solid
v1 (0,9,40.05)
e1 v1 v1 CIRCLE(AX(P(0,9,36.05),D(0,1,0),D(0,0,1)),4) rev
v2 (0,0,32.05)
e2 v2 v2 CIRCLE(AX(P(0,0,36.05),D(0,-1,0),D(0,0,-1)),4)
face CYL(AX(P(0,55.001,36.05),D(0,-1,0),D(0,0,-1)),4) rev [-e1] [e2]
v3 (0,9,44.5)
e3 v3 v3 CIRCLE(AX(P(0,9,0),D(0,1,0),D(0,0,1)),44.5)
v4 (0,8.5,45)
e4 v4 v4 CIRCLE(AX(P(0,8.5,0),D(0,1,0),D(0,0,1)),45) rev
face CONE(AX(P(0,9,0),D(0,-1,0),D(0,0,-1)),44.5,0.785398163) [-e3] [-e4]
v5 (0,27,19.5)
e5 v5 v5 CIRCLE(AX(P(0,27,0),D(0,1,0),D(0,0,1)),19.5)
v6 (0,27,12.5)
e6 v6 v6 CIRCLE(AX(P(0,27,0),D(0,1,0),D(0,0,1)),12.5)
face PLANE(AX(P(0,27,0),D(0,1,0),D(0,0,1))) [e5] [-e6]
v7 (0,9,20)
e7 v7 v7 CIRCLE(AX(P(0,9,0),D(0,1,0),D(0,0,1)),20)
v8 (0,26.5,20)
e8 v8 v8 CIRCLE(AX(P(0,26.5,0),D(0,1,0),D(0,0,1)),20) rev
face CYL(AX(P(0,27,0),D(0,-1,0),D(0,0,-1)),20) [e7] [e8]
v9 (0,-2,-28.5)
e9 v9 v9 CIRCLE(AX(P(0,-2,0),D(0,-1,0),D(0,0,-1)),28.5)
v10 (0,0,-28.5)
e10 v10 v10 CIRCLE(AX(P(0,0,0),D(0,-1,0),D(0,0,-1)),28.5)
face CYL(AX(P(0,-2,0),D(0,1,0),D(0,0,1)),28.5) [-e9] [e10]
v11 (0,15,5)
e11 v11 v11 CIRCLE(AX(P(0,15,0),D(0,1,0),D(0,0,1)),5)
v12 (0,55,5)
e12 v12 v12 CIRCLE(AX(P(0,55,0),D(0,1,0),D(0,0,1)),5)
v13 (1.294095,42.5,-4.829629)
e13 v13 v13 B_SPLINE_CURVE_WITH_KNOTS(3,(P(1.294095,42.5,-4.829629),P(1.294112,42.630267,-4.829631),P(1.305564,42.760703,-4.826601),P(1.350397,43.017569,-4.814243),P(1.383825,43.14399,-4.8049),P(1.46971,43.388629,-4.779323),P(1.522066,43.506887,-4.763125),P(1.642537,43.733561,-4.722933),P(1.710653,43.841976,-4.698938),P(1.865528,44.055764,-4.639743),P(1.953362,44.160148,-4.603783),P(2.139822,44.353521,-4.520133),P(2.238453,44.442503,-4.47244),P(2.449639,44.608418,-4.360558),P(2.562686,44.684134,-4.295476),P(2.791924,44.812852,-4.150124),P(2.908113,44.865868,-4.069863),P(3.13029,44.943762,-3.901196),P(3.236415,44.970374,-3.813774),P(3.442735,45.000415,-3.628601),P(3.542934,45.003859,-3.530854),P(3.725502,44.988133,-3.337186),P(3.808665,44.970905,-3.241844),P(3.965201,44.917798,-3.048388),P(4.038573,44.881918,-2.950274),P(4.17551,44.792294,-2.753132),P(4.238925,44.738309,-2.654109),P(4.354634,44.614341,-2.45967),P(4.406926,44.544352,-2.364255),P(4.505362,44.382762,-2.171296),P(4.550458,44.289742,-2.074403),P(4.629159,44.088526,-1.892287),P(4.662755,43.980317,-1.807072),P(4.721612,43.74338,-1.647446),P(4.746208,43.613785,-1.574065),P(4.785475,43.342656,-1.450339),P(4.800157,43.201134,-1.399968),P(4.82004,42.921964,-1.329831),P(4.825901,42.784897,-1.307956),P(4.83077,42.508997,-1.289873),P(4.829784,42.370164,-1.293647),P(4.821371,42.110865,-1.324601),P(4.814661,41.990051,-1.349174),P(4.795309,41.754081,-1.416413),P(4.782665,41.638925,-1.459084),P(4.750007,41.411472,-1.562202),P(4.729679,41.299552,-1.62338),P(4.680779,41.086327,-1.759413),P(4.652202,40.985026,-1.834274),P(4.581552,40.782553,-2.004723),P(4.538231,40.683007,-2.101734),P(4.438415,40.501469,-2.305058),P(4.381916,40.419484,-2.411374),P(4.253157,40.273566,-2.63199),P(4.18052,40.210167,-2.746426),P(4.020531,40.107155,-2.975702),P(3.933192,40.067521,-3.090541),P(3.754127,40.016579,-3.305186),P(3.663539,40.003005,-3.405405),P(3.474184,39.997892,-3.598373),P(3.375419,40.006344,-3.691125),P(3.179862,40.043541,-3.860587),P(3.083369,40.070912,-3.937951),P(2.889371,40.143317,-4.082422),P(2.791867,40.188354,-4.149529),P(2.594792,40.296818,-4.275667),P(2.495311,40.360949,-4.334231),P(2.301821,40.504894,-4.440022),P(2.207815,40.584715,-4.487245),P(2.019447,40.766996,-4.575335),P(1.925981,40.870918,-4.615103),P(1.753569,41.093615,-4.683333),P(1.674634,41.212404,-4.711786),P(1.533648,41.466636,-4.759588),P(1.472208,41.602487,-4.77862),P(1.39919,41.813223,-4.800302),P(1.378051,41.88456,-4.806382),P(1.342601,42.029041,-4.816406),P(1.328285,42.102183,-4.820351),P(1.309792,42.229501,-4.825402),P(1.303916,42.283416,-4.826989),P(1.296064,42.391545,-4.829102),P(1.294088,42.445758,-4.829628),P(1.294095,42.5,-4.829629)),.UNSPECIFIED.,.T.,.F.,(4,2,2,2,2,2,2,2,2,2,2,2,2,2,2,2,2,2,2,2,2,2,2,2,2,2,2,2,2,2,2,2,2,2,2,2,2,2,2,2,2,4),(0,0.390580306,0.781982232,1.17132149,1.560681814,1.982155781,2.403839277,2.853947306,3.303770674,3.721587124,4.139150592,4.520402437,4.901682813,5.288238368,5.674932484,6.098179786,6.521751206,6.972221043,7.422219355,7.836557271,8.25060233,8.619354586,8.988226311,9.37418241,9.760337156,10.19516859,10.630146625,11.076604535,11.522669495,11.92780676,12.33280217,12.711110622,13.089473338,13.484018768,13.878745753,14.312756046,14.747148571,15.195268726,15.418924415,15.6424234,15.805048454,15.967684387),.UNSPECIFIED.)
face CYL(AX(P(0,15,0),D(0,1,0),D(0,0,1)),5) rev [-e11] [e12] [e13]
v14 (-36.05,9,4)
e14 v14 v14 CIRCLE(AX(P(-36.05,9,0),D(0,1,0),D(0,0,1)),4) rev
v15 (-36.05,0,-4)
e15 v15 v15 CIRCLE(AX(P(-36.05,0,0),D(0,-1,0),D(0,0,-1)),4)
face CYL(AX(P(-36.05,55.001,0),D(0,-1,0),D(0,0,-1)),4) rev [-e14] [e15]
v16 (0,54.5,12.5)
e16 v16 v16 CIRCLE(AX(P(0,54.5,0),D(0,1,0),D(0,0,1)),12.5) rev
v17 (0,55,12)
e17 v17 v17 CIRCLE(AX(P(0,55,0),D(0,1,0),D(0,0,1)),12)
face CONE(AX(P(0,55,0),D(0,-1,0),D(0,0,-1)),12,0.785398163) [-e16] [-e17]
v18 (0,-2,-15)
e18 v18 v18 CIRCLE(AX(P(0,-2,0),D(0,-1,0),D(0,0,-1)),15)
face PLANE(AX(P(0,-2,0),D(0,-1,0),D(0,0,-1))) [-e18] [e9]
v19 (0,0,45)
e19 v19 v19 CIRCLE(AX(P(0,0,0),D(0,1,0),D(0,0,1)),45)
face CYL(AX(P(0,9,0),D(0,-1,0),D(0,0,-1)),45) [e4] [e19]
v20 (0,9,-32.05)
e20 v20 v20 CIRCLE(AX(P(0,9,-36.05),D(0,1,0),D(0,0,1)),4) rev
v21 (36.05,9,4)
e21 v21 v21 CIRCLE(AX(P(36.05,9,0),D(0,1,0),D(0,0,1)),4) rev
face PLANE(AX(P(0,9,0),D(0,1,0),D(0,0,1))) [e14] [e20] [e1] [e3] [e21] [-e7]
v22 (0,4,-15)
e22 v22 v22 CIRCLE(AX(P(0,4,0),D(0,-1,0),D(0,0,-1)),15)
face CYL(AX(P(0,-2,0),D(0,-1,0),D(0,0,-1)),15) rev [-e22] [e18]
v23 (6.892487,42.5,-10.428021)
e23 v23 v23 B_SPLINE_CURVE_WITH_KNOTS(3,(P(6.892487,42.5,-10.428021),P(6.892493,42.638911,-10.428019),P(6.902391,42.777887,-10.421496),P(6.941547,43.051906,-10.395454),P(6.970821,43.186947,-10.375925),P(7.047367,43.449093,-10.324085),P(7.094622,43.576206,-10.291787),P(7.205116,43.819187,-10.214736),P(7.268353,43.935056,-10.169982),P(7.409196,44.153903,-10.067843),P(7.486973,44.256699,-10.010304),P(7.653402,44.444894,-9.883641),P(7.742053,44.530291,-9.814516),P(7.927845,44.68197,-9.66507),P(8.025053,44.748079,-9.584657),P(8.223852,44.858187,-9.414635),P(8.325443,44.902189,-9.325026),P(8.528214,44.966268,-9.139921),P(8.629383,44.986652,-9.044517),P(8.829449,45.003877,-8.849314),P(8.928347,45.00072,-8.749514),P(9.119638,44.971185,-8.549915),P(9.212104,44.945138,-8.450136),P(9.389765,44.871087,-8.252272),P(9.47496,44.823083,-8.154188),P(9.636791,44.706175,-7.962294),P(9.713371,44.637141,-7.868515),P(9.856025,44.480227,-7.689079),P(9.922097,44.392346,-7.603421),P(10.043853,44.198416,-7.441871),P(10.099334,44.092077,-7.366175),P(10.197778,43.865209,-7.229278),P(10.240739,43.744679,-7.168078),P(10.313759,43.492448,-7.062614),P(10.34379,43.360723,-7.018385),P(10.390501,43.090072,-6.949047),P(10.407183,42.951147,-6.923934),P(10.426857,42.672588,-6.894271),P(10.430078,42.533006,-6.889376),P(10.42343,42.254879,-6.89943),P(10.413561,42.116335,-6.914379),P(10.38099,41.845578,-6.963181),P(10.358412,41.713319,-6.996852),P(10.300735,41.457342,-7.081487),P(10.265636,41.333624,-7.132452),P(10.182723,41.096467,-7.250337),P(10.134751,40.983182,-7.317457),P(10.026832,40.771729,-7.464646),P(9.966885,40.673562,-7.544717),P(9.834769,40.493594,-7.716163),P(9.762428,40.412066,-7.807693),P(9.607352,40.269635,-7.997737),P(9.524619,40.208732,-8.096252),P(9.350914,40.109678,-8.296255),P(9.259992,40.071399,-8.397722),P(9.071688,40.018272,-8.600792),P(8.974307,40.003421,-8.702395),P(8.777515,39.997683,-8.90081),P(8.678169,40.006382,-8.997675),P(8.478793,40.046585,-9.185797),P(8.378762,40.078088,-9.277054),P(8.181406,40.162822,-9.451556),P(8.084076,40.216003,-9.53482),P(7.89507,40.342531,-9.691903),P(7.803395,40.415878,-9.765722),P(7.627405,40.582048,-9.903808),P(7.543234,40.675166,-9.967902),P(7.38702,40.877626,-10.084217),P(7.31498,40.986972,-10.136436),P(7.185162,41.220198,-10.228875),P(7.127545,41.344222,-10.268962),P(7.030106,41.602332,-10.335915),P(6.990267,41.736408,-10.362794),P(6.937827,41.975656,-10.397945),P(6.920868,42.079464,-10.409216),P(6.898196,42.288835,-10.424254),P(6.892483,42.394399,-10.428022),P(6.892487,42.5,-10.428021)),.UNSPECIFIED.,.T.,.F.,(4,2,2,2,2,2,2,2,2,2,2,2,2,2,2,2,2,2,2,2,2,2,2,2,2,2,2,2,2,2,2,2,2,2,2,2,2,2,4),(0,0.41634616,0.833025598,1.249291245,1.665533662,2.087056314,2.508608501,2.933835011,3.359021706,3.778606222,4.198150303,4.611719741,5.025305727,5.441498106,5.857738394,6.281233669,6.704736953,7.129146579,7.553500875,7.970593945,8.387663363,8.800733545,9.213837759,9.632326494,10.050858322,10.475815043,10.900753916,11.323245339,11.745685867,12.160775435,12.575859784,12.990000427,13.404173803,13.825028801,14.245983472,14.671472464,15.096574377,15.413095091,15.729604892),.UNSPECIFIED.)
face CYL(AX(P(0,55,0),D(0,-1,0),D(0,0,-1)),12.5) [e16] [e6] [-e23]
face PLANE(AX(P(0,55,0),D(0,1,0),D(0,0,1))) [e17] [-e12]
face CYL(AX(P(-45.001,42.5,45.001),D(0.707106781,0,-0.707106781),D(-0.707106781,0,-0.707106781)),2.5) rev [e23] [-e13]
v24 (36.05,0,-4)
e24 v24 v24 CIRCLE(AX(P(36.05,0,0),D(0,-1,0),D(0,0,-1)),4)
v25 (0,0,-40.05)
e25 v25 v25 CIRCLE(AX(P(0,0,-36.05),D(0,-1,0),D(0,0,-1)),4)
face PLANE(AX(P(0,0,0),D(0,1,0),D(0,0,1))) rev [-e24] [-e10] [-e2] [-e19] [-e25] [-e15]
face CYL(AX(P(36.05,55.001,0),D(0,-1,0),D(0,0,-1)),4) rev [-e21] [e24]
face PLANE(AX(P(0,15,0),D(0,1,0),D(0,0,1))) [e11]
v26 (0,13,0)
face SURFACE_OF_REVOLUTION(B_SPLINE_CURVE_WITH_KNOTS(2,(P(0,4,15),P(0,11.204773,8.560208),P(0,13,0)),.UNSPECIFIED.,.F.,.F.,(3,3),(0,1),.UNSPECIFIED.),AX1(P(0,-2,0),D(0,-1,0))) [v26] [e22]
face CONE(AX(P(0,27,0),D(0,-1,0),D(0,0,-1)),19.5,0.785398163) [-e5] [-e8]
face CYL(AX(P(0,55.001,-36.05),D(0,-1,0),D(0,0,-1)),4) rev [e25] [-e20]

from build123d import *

# Parameters (mm, degrees)
SKETCH1_R           = 45
BOSS_EXTRUDE1_DEPTH = 9
SKETCH3_R           = 20
BOSS_EXTRUDE2_DEPTH = 18
SKETCH4_R           = 12.5
BOSS_EXTRUDE3_DEPTH = 28
SKETCH5_R           = 28.5
BOSS_EXTRUDE4_DEPTH = 2
SKETCH6_R           = 5
CUT_EXTRUDE1_DEPTH  = 40
CUT_EXTRUDE2_REACH  = 57
SKETCH8_R           = 4
CUT_EXTRUDE3_REACH  = 78.14
SKETCH9_R           = 2.5
CHAMFER1_SIZE       = 0.5


with BuildPart() as part:
    # Sketch1 → Boss-Extrude1 (new body)
    with BuildSketch(Plane(origin=(0, 0, 0), x_dir=(1, 0, 0), z_dir=(0, 1, 0))):
        Circle(SKETCH1_R)
    extrude(amount=BOSS_EXTRUDE1_DEPTH)

    # Sketch3 → Boss-Extrude2 (add)
    with BuildSketch(Plane(origin=(0, 9, 0), x_dir=(1, 0, 0), z_dir=(0, 1, 0))):
        Circle(SKETCH3_R)
    extrude(amount=BOSS_EXTRUDE2_DEPTH)

    # Sketch4 → Boss-Extrude3 (add)
    with BuildSketch(Plane(origin=(0, 27, 0), x_dir=(1, 0, 0), z_dir=(0, 1, 0))):
        Circle(SKETCH4_R)
    extrude(amount=BOSS_EXTRUDE3_DEPTH)

    # Sketch5 → Boss-Extrude4 (add)
    with BuildSketch(Plane.XZ):
        Circle(SKETCH5_R)
    extrude(amount=BOSS_EXTRUDE4_DEPTH)

    # Sketch6 → Cut-Extrude1 (cut)
    with BuildSketch(Plane(origin=(0, 55, 0), x_dir=(1, 0, 0), z_dir=(0, 1, 0))):
        Circle(SKETCH6_R)
    extrude(amount=-CUT_EXTRUDE1_DEPTH, mode=Mode.SUBTRACT)

    # Sketch7 → Cut-Revolve1 (revolve, cut)
    with BuildSketch(Plane(origin=(0, 0, 0), x_dir=(0, 0, -1), z_dir=(1, 0, 0))):
        with BuildLine():
            add(Edge.make_bspline(
                [(-15, 4), (-8.560208032, 11.204773426), (0, 13)],
                knots=[0, 0, 0, 1, 1, 1], degree=2))
            Line((0, 13), (0, -2))
            Line((0, -2), (-15, -2))
            Line((-15, -2), (-15, 4))
        make_face()
    revolve(axis=Axis((0, -2, 0), (0, 1, 0)), mode=Mode.SUBTRACT)

    # Sketch8 → Cut-Extrude2 (cut, up to next)
    with BuildSketch(Plane.XZ, mode=Mode.PRIVATE) as cut_extrude2_sk1:
        with Locations((0, 36.05)):
            Circle(SKETCH8_R)
    cut_extrude2_tool1 = extrude(cut_extrude2_sk1.sketch, amount=-CUT_EXTRUDE2_REACH, mode=Mode.PRIVATE) & part.part
    add(cut_extrude2_tool1.solids().sort_by_distance((0, 0, 36.05))[0], mode=Mode.SUBTRACT)
    # Sketch8 → Cut-Extrude2 (cut, up to next)
    with BuildSketch(Plane.XZ, mode=Mode.PRIVATE) as cut_extrude2_sk2:
        with Locations((-36.05, 0)):
            Circle(SKETCH8_R)
    cut_extrude2_tool2 = extrude(cut_extrude2_sk2.sketch, amount=-CUT_EXTRUDE2_REACH, mode=Mode.PRIVATE) & part.part
    add(cut_extrude2_tool2.solids().sort_by_distance((-36.05, 0, 0))[0], mode=Mode.SUBTRACT)
    # Sketch8 → Cut-Extrude2 (cut, up to next)
    with BuildSketch(Plane.XZ, mode=Mode.PRIVATE) as cut_extrude2_sk3:
        with Locations((0, -36.05)):
            Circle(SKETCH8_R)
    cut_extrude2_tool3 = extrude(cut_extrude2_sk3.sketch, amount=-CUT_EXTRUDE2_REACH, mode=Mode.PRIVATE) & part.part
    add(cut_extrude2_tool3.solids().sort_by_distance((0, 0, -36.05))[0], mode=Mode.SUBTRACT)
    # Sketch8 → Cut-Extrude2 (cut, up to next)
    with BuildSketch(Plane.XZ, mode=Mode.PRIVATE) as cut_extrude2_sk4:
        with Locations((36.05, 0)):
            Circle(SKETCH8_R)
    cut_extrude2_tool4 = extrude(cut_extrude2_sk4.sketch, amount=-CUT_EXTRUDE2_REACH, mode=Mode.PRIVATE) & part.part
    add(cut_extrude2_tool4.solids().sort_by_distance((36.05, 0, 0))[0], mode=Mode.SUBTRACT)

    # Sketch9 → Cut-Extrude3 (cut, up to next)
    with BuildSketch(Plane(origin=(8.838834765, 0, -8.838834765), x_dir=(0, -1, 0), z_dir=(-0.707106781, 0, 0.707106781)), mode=Mode.PRIVATE) as cut_extrude3_sk1:
        with Locations((-42.5, 0)):
            Circle(SKETCH9_R)
    cut_extrude3_tool1 = extrude(cut_extrude3_sk1.sketch, amount=CUT_EXTRUDE3_REACH, mode=Mode.PRIVATE) & part.part
    add(cut_extrude3_tool1.solids().sort_by_distance((8.838835, 42.5, -8.838835))[0], mode=Mode.SUBTRACT)

    # Chamfer1
    chamfer1_edges = [part.edges().sort_by_distance(p)[0] for p in [
        (-12.5, 55, 0),
        (-45, 9, 0),
        (-20, 27, 0),
    ]]
    chamfer(chamfer1_edges, length=CHAMFER1_SIZE)


solid = part.part
